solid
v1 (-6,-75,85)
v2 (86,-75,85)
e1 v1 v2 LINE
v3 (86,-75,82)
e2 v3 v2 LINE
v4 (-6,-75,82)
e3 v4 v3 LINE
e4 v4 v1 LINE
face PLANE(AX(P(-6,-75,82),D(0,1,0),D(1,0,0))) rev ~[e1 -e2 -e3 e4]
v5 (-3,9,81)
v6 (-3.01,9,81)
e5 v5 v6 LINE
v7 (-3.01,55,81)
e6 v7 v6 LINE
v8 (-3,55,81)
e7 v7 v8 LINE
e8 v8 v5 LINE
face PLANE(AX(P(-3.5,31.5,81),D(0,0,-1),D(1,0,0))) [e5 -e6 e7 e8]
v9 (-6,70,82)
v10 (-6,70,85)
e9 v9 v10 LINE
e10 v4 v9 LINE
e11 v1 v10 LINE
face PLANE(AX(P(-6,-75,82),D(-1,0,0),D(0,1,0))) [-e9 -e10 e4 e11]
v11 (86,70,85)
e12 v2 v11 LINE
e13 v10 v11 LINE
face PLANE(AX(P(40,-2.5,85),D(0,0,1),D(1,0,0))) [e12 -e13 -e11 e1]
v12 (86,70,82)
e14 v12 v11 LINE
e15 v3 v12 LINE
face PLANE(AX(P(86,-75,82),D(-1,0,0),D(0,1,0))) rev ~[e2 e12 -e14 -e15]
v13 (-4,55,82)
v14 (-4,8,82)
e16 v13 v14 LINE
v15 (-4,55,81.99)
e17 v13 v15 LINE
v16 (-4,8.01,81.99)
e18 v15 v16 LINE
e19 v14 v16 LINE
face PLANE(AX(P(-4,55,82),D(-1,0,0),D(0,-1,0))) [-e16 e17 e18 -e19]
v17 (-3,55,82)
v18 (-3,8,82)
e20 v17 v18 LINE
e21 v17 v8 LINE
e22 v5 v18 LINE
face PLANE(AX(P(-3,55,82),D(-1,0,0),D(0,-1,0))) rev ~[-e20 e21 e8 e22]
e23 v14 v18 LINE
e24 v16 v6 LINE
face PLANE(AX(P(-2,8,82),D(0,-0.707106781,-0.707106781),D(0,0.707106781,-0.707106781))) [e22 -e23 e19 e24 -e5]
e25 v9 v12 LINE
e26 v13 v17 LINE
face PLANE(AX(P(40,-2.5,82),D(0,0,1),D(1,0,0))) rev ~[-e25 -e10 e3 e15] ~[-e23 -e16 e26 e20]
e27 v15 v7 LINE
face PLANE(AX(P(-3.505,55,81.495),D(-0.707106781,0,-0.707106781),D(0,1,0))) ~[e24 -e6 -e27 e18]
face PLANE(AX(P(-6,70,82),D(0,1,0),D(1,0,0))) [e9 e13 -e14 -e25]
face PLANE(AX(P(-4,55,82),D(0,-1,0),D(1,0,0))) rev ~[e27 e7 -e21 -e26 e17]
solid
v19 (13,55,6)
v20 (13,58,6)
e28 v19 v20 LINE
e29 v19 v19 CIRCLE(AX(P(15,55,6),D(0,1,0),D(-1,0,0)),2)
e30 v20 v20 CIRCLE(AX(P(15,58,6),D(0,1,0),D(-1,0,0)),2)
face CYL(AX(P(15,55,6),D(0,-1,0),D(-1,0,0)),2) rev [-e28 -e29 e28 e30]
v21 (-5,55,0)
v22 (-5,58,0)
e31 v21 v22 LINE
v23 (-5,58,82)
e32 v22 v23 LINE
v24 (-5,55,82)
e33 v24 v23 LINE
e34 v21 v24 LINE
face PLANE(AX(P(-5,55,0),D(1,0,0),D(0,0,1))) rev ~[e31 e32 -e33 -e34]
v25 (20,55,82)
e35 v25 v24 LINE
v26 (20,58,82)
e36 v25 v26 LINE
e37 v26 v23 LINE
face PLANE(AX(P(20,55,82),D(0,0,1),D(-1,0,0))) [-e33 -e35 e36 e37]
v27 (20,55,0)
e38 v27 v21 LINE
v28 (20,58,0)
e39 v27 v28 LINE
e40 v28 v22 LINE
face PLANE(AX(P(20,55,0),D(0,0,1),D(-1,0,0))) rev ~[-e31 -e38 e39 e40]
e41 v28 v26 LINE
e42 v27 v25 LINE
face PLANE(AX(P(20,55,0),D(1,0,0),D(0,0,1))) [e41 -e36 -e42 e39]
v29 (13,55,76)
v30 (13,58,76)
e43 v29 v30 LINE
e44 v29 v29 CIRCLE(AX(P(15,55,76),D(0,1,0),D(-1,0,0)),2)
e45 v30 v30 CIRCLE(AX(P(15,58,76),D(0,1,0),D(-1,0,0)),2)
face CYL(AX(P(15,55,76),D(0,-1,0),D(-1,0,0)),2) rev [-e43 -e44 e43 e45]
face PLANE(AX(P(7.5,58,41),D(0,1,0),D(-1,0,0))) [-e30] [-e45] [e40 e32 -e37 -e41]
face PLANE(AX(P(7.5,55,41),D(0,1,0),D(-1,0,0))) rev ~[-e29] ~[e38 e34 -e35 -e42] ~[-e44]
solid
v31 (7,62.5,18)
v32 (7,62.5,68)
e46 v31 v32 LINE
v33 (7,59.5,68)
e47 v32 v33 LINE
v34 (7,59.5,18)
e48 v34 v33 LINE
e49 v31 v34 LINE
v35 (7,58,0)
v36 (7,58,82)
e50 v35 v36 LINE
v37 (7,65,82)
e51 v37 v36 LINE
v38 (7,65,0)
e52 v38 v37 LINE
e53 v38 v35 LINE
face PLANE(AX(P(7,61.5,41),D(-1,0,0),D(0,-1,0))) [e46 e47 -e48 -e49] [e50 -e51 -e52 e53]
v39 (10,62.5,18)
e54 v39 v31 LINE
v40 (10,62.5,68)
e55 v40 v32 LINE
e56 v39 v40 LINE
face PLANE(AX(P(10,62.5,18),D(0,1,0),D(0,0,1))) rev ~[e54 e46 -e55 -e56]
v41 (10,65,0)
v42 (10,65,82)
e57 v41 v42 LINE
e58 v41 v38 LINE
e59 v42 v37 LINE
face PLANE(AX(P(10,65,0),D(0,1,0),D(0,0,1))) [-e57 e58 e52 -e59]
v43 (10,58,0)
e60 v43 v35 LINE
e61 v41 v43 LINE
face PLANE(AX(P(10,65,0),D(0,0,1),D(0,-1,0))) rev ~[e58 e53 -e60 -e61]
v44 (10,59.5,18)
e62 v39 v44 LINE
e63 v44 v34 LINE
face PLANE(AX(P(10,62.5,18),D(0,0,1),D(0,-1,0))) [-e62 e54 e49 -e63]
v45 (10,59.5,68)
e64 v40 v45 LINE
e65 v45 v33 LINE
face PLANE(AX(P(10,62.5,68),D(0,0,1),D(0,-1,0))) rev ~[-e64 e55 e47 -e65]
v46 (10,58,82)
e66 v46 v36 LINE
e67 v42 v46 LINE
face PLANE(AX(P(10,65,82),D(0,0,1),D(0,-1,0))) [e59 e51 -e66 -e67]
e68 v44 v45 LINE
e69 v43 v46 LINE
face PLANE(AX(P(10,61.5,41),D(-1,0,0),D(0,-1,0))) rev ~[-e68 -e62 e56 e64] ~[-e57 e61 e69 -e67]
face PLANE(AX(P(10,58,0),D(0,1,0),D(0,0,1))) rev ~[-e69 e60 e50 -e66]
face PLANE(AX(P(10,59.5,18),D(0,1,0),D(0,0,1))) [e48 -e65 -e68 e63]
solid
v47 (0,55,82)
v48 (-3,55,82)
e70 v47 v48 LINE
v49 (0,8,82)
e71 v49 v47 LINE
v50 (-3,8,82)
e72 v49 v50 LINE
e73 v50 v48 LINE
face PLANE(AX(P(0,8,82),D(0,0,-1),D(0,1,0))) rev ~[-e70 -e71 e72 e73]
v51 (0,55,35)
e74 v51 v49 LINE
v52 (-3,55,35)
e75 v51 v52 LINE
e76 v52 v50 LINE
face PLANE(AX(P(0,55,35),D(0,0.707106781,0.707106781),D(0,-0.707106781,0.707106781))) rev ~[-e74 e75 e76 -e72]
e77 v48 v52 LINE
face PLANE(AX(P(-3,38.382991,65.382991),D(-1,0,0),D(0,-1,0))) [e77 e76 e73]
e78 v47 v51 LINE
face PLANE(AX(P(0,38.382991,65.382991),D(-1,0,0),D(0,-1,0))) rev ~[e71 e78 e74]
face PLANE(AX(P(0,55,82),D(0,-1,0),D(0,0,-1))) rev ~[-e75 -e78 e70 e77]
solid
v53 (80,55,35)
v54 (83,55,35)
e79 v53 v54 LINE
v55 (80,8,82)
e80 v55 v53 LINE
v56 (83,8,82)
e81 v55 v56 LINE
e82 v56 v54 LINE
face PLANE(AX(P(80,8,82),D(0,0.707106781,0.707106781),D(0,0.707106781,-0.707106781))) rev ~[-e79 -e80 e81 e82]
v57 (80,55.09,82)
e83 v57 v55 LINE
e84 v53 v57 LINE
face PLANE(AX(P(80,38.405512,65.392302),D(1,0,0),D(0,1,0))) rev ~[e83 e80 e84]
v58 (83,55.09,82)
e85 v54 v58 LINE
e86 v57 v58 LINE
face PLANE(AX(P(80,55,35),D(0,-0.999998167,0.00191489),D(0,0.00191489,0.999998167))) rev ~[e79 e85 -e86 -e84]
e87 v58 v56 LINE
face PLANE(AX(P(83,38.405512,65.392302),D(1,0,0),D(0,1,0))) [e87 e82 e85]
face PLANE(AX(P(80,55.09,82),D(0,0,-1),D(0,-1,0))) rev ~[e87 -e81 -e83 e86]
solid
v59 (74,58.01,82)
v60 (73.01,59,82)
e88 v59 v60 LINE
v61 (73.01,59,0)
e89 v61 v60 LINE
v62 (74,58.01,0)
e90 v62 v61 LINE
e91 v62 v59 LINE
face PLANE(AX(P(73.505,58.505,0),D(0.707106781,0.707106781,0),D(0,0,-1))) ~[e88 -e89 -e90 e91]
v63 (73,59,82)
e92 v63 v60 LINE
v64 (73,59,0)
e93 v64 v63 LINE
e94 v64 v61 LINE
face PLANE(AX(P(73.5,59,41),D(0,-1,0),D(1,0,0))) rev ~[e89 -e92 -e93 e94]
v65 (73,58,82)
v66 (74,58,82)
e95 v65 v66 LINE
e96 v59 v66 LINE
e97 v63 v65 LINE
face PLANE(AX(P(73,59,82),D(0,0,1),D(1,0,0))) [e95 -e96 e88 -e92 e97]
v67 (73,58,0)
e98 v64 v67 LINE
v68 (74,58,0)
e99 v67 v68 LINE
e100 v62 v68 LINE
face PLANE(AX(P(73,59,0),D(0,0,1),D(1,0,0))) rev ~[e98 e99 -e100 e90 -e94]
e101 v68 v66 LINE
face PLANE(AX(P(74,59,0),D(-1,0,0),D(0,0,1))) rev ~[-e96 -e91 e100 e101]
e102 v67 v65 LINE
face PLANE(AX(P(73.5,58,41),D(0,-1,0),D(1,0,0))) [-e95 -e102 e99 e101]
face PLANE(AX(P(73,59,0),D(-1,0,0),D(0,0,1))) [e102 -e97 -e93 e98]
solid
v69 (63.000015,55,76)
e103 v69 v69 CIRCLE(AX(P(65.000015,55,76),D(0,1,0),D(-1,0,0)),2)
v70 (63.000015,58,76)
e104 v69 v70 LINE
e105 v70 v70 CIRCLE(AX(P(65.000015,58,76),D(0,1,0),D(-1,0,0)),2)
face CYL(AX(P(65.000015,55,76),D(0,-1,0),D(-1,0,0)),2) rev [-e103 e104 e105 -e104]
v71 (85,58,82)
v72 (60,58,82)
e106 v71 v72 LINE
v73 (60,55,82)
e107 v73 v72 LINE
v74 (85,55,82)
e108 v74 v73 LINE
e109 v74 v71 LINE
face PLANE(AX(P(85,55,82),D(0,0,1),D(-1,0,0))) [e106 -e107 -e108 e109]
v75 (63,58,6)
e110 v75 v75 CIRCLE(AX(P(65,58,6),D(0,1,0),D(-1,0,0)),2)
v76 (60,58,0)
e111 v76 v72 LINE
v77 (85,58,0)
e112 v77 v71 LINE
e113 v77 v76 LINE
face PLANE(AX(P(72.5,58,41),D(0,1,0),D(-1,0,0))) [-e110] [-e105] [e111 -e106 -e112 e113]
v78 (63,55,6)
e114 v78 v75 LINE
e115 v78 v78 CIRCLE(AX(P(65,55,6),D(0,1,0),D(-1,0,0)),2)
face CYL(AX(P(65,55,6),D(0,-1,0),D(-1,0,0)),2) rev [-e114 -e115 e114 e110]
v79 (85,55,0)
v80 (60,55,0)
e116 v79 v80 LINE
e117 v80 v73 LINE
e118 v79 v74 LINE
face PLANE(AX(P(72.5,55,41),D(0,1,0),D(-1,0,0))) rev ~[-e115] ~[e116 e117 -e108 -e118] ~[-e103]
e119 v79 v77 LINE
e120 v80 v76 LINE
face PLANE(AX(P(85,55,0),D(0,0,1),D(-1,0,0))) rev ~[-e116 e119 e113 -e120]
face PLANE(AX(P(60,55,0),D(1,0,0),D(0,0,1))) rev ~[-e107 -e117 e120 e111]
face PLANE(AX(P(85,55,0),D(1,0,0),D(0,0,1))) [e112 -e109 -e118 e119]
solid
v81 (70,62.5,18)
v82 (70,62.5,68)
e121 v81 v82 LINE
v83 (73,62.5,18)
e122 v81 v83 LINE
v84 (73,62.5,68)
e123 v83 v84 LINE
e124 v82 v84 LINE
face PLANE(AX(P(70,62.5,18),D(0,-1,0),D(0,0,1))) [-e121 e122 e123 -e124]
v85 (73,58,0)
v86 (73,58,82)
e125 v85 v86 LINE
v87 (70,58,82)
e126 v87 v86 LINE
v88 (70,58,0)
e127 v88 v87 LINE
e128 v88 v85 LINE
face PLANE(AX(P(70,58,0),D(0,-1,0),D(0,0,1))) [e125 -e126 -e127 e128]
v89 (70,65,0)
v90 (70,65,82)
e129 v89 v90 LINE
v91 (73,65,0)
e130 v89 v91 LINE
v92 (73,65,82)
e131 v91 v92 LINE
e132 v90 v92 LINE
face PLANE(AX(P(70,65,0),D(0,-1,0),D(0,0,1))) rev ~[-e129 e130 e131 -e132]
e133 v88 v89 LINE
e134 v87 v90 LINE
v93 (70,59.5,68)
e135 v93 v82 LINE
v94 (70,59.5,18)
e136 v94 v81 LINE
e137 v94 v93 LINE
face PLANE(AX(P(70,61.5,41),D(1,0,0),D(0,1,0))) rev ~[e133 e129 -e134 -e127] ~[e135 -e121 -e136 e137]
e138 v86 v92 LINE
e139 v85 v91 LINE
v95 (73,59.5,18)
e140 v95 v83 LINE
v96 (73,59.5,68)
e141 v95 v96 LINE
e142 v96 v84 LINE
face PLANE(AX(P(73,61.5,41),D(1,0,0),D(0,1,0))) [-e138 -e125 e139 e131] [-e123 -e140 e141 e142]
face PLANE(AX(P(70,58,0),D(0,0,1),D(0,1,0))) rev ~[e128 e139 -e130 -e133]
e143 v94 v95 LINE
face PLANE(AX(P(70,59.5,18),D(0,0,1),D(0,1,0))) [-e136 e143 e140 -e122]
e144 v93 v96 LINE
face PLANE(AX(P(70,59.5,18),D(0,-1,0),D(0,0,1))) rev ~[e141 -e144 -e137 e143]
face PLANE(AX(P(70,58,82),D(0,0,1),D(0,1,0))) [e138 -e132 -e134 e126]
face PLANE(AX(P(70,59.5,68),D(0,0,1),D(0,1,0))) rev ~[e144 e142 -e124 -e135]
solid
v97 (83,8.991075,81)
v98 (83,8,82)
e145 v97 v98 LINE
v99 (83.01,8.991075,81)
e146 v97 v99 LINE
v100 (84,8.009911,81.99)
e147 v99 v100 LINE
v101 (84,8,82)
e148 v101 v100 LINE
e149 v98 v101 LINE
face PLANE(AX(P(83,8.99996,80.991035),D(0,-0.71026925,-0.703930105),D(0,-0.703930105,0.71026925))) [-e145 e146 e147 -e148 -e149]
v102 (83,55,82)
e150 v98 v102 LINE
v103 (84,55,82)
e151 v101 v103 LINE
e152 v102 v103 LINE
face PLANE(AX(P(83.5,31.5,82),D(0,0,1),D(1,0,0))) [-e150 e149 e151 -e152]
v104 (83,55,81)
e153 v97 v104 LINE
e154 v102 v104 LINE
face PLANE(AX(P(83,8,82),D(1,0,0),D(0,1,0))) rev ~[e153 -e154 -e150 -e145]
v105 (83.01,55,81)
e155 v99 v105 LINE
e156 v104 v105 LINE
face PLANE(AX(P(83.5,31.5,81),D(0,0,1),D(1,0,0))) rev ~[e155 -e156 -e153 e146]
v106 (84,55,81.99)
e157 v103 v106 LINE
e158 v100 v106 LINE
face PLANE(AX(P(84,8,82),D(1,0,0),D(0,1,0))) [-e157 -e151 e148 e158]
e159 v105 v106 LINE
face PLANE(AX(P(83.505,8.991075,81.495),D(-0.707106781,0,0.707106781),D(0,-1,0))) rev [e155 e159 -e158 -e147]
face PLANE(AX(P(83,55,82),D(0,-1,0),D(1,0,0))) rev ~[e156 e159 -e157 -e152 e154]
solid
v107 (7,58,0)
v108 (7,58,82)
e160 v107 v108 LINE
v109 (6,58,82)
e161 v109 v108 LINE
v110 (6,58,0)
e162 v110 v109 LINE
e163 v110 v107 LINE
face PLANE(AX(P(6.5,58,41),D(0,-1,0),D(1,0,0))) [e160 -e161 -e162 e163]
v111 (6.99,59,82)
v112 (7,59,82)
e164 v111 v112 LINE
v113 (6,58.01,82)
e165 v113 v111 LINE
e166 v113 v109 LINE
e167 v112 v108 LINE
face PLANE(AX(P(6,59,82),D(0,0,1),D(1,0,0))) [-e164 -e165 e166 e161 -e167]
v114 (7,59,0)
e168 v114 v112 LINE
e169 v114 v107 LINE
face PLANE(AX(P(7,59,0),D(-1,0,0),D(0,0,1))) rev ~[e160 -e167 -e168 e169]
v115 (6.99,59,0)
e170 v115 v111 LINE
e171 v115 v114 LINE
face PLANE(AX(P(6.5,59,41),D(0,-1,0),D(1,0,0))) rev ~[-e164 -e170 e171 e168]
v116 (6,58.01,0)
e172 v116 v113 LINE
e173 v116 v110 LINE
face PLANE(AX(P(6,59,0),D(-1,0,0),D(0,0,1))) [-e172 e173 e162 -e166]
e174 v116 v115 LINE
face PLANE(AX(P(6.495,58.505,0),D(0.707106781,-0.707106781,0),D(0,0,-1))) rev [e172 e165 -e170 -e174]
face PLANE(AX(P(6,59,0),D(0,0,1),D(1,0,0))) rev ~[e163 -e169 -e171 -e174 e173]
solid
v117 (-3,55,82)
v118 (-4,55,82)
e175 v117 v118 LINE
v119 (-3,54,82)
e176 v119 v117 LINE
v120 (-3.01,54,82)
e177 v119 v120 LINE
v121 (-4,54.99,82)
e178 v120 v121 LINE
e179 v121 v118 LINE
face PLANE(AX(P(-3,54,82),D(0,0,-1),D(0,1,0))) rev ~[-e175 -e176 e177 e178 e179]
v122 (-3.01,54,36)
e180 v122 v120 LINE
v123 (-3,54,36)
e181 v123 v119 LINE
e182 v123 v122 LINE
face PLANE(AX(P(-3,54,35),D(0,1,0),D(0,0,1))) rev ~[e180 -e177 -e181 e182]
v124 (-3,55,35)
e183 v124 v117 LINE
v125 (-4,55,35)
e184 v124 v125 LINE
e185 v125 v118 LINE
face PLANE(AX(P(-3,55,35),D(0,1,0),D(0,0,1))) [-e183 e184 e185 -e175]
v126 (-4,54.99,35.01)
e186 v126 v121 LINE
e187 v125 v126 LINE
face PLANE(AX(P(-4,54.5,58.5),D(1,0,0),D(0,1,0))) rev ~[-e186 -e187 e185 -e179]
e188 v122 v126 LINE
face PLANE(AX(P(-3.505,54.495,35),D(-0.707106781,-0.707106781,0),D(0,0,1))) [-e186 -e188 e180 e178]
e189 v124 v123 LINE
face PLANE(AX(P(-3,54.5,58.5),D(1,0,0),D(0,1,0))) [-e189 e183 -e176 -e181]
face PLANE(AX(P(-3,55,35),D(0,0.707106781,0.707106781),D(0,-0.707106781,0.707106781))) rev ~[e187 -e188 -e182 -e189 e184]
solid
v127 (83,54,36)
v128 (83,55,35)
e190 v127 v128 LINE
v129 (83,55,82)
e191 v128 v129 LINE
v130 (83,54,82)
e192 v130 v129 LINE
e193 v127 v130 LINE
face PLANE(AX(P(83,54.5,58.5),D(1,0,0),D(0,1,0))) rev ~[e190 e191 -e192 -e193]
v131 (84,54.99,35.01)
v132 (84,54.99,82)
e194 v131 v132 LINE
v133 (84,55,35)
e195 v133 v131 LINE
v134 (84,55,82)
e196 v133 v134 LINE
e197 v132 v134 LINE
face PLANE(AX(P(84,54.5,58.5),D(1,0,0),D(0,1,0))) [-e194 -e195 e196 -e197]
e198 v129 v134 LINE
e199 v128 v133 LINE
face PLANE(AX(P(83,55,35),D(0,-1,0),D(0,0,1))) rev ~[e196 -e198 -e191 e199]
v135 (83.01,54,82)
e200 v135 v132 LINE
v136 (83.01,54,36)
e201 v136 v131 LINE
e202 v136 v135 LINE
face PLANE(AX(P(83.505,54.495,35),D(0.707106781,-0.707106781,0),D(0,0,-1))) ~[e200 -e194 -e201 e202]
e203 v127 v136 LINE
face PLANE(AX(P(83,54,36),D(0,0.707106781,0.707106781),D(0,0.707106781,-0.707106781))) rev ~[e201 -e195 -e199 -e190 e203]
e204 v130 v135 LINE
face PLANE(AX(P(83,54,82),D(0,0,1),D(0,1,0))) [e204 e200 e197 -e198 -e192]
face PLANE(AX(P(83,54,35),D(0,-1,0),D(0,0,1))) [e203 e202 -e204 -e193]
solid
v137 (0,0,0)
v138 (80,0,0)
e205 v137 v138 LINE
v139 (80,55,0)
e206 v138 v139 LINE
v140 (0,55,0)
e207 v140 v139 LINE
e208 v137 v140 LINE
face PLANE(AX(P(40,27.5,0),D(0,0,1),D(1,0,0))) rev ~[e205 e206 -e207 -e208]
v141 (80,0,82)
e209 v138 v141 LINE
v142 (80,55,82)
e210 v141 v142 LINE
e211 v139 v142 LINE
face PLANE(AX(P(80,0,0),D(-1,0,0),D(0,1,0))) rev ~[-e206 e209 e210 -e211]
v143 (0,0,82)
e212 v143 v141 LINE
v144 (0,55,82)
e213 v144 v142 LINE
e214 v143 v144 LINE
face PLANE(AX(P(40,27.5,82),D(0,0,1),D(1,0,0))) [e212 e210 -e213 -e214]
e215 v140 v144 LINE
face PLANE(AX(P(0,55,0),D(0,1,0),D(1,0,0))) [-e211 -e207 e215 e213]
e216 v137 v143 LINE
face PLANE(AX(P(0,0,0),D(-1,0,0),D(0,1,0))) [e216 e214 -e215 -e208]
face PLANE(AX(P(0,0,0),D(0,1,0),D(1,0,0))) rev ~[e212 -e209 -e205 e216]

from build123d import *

# Parameters (mm, degrees)
SKETCH001_W     = 25
SKETCH001_H     = 82
SKETCH001_R     = 2
PAD_DEPTH       = 3
SKETCH003_W     = 7
SKETCH003_H     = 82
SKETCH003_W_2   = 3
SKETCH003_H_2   = 50
PAD006_DEPTH    = 3
SKETCH004_W     = 7
SKETCH004_H     = 82
SKETCH004_W_2   = 3
SKETCH004_H_2   = 50
PAD008_DEPTH    = 3
PAD009_DEPTH    = 3
PAD010_DEPTH    = 3
BOX_W           = 80
BOX_H           = 55
BOX_DEPTH       = 82
SKETCH006_W     = 1
SKETCH006_H     = 82
PAD011_DEPTH    = 1
CHAMFER_SIZE    = 0.99
CHAMFER001_SIZE = 0.99
PAD018_DEPTH    = 2
SKETCH007_W     = 1
SKETCH007_H     = 47
PAD012_DEPTH    = 1
CHAMFER003_SIZE = 0.99
PAD019_DEPTH    = 2
SKETCH008_W     = 1
SKETCH008_H     = 47
PAD013_DEPTH    = 1
CHAMFER002_SIZE = 0.99
PAD016_DEPTH    = 2
SKETCH002_W     = 92
SKETCH002_H     = 145
PAD007_DEPTH    = 3
SKETCH009_W     = 1
SKETCH009_H     = 47
PAD014_DEPTH    = 1
CHAMFER004_SIZE = 0.99
PAD017_DEPTH    = 2
SKETCH010_W     = 1
SKETCH010_H     = 47
PAD015_DEPTH    = 1
CHAMFER005_SIZE = 0.99


with BuildPart() as pad:
    # Sketch001 → Pad (new body)
    with BuildSketch(Plane(origin=(0, 55, 0), x_dir=(-1, 0, 0), z_dir=(0, 1, 0))):
        with Locations((-7.5, 41)):
            Rectangle(SKETCH001_W, SKETCH001_H)
        with Locations((-15, 76)):
            Circle(SKETCH001_R, mode=Mode.SUBTRACT)
        with Locations((-15, 6)):
            Circle(SKETCH001_R, mode=Mode.SUBTRACT)
        with Locations((-72.5, 41)):
            Rectangle(SKETCH001_W, SKETCH001_H)
        with Locations((-65.000015, 76)):
            Circle(SKETCH001_R, mode=Mode.SUBTRACT)
        with Locations((-65, 6)):
            Circle(SKETCH001_R, mode=Mode.SUBTRACT)
    extrude(amount=PAD_DEPTH)


with BuildPart() as pad006:
    # Sketch003 → Pad006 (new body)
    with BuildSketch(Plane(origin=(10, 0, 0), x_dir=(0, -1, 0), z_dir=(-1, 0, 0))):
        with Locations((-61.5, 41)):
            Rectangle(SKETCH003_W, SKETCH003_H)
        with Locations((-61, 43)):
            Rectangle(SKETCH003_W_2, SKETCH003_H_2, mode=Mode.SUBTRACT)
    extrude(amount=PAD006_DEPTH)


with BuildPart() as pad008:
    # Sketch004 → Pad008 (new body)
    with BuildSketch(Plane.YZ.offset(70)):
        with Locations((61.5, 41)):
            Rectangle(SKETCH004_W, SKETCH004_H)
        with Locations((61, 43)):
            Rectangle(SKETCH004_W_2, SKETCH004_H_2, mode=Mode.SUBTRACT)
    extrude(amount=PAD008_DEPTH)


with BuildPart() as pad009:
    # Sketch005 → Pad009 (new body)
    with BuildSketch(Plane.YZ.offset(80)):
        Polygon((8, 82), (55, 35), (55.09, 82), align=None)
    extrude(amount=PAD009_DEPTH)


with BuildPart() as pad010:
    # Sketch → Pad010 (new body)
    with BuildSketch(Plane(origin=(0, 0, 0), x_dir=(0, -1, 0), z_dir=(-1, 0, 0))):
        Polygon((-55, 82), (-55, 35), (-8, 82), align=None)
    extrude(amount=PAD010_DEPTH)


with BuildPart() as cube:
    # Box → Box (new body)
    with BuildSketch(Plane.XY):
        with Locations((40, 27.5)):
            Rectangle(BOX_W, BOX_H)
    extrude(amount=BOX_DEPTH)


with BuildPart() as chamfer001:
    # Sketch006 → Pad011 (new body)
    with BuildSketch(Plane.XZ.offset(-59)):
        with Locations((6.5, 41)):
            Rectangle(SKETCH006_W, SKETCH006_H)
        with Locations((73.5, 41)):
            Rectangle(SKETCH006_W, SKETCH006_H)
    extrude(amount=PAD011_DEPTH)

    # Chamfer
    chamfer_edges = [chamfer001.edges().sort_by_distance(p)[0] for p in [
        (74, 59, 41),
    ]]
    chamfer(chamfer_edges, length=CHAMFER_SIZE)

    # Chamfer001
    chamfer001_edges = [chamfer001.edges().sort_by_distance(p)[0] for p in [
        (6, 59, 41),
    ]]
    chamfer(chamfer001_edges, length=CHAMFER001_SIZE)


with BuildPart() as pad018:
    # Sketch013 → Pad018 (new body)
    with BuildSketch(Plane.YZ.offset(-3)):
        Polygon((54, 36), (54, 35), (55, 35), align=None)
    extrude(amount=-PAD018_DEPTH)


with BuildPart() as cut002:
    # Sketch007 → Pad012 (new body)
    with BuildSketch(Plane.YZ.offset(-3)):
        with Locations((54.5, 58.5)):
            Rectangle(SKETCH007_W, SKETCH007_H)
    extrude(amount=-PAD012_DEPTH)

    # Chamfer003
    chamfer003_edges = [cut002.edges().sort_by_distance(p)[0] for p in [
        (-4, 54, 58.5),
    ]]
    chamfer(chamfer003_edges, length=CHAMFER003_SIZE)

    # Cut002: cut Pad018
    add(pad018.part, mode=Mode.SUBTRACT)


with BuildPart() as pad019:
    # Sketch014 → Pad019 (new body)
    with BuildSketch(Plane(origin=(83, 0, 0), x_dir=(0, -1, 0), z_dir=(-1, 0, 0))):
        Polygon((-55, 35), (-54, 35), (-54, 36), align=None)
    extrude(amount=-PAD019_DEPTH)


with BuildPart() as cut003:
    # Sketch008 → Pad013 (new body)
    with BuildSketch(Plane.YZ.offset(83)):
        with Locations((54.5, 58.5)):
            Rectangle(SKETCH008_W, SKETCH008_H)
    extrude(amount=PAD013_DEPTH)

    # Chamfer002
    chamfer002_edges = [cut003.edges().sort_by_distance(p)[0] for p in [
        (84, 54, 58.5),
    ]]
    chamfer(chamfer002_edges, length=CHAMFER002_SIZE)

    # Cut003: cut Pad019
    add(pad019.part, mode=Mode.SUBTRACT)


with BuildPart() as pad016:
    # Sketch011 → Pad016 (new body)
    with BuildSketch(Plane.YZ.offset(-2)):
        Polygon((8, 82), (9, 81), (8, 81), align=None)
    extrude(amount=-PAD016_DEPTH)


with BuildPart() as chamfer004:
    # Sketch002 → Pad007 (new body)
    with BuildSketch(Plane.XY.offset(82)):
        with Locations((40, -2.5)):
            Rectangle(SKETCH002_W, SKETCH002_H)
    extrude(amount=PAD007_DEPTH)

    # Sketch009 → Pad014 (new body)
    with BuildSketch(Plane(origin=(0, 0, 82), x_dir=(1, 0, 0), z_dir=(0, 0, -1))):
        with Locations((-3.5, -31.5)):
            Rectangle(SKETCH009_W, SKETCH009_H)
    extrude(amount=PAD014_DEPTH)

    # Cut: cut Pad016
    add(pad016.part, mode=Mode.SUBTRACT)

    # Chamfer004
    chamfer004_edges = [chamfer004.edges().sort_by_distance(p)[0] for p in [
        (-4, 32, 81),
    ]]
    chamfer(chamfer004_edges, length=CHAMFER004_SIZE)


with BuildPart() as pad017:
    # Sketch012 → Pad017 (new body)
    with BuildSketch(Plane.YZ.offset(83)):
        Polygon((8, 81), (8.99996, 80.991035), (8, 82), align=None)
    extrude(amount=PAD017_DEPTH)


with BuildPart() as chamfer005:
    # Sketch010 → Pad015 (new body)
    with BuildSketch(Plane.XY.offset(82)):
        with Locations((83.5, 31.5)):
            Rectangle(SKETCH010_W, SKETCH010_H)
    extrude(amount=-PAD015_DEPTH)

    # Cut001: cut Pad017
    add(pad017.part, mode=Mode.SUBTRACT)

    # Chamfer005
    chamfer005_edges = [chamfer005.edges().sort_by_distance(p)[0] for p in [
        (84, 31.995537, 81),
    ]]
    chamfer(chamfer005_edges, length=CHAMFER005_SIZE)


solid = Compound([pad.part, pad006.part, pad008.part, pad009.part, pad010.part, cube.part, chamfer001.part, cut002.part, cut003.part, chamfer004.part, chamfer005.part])
